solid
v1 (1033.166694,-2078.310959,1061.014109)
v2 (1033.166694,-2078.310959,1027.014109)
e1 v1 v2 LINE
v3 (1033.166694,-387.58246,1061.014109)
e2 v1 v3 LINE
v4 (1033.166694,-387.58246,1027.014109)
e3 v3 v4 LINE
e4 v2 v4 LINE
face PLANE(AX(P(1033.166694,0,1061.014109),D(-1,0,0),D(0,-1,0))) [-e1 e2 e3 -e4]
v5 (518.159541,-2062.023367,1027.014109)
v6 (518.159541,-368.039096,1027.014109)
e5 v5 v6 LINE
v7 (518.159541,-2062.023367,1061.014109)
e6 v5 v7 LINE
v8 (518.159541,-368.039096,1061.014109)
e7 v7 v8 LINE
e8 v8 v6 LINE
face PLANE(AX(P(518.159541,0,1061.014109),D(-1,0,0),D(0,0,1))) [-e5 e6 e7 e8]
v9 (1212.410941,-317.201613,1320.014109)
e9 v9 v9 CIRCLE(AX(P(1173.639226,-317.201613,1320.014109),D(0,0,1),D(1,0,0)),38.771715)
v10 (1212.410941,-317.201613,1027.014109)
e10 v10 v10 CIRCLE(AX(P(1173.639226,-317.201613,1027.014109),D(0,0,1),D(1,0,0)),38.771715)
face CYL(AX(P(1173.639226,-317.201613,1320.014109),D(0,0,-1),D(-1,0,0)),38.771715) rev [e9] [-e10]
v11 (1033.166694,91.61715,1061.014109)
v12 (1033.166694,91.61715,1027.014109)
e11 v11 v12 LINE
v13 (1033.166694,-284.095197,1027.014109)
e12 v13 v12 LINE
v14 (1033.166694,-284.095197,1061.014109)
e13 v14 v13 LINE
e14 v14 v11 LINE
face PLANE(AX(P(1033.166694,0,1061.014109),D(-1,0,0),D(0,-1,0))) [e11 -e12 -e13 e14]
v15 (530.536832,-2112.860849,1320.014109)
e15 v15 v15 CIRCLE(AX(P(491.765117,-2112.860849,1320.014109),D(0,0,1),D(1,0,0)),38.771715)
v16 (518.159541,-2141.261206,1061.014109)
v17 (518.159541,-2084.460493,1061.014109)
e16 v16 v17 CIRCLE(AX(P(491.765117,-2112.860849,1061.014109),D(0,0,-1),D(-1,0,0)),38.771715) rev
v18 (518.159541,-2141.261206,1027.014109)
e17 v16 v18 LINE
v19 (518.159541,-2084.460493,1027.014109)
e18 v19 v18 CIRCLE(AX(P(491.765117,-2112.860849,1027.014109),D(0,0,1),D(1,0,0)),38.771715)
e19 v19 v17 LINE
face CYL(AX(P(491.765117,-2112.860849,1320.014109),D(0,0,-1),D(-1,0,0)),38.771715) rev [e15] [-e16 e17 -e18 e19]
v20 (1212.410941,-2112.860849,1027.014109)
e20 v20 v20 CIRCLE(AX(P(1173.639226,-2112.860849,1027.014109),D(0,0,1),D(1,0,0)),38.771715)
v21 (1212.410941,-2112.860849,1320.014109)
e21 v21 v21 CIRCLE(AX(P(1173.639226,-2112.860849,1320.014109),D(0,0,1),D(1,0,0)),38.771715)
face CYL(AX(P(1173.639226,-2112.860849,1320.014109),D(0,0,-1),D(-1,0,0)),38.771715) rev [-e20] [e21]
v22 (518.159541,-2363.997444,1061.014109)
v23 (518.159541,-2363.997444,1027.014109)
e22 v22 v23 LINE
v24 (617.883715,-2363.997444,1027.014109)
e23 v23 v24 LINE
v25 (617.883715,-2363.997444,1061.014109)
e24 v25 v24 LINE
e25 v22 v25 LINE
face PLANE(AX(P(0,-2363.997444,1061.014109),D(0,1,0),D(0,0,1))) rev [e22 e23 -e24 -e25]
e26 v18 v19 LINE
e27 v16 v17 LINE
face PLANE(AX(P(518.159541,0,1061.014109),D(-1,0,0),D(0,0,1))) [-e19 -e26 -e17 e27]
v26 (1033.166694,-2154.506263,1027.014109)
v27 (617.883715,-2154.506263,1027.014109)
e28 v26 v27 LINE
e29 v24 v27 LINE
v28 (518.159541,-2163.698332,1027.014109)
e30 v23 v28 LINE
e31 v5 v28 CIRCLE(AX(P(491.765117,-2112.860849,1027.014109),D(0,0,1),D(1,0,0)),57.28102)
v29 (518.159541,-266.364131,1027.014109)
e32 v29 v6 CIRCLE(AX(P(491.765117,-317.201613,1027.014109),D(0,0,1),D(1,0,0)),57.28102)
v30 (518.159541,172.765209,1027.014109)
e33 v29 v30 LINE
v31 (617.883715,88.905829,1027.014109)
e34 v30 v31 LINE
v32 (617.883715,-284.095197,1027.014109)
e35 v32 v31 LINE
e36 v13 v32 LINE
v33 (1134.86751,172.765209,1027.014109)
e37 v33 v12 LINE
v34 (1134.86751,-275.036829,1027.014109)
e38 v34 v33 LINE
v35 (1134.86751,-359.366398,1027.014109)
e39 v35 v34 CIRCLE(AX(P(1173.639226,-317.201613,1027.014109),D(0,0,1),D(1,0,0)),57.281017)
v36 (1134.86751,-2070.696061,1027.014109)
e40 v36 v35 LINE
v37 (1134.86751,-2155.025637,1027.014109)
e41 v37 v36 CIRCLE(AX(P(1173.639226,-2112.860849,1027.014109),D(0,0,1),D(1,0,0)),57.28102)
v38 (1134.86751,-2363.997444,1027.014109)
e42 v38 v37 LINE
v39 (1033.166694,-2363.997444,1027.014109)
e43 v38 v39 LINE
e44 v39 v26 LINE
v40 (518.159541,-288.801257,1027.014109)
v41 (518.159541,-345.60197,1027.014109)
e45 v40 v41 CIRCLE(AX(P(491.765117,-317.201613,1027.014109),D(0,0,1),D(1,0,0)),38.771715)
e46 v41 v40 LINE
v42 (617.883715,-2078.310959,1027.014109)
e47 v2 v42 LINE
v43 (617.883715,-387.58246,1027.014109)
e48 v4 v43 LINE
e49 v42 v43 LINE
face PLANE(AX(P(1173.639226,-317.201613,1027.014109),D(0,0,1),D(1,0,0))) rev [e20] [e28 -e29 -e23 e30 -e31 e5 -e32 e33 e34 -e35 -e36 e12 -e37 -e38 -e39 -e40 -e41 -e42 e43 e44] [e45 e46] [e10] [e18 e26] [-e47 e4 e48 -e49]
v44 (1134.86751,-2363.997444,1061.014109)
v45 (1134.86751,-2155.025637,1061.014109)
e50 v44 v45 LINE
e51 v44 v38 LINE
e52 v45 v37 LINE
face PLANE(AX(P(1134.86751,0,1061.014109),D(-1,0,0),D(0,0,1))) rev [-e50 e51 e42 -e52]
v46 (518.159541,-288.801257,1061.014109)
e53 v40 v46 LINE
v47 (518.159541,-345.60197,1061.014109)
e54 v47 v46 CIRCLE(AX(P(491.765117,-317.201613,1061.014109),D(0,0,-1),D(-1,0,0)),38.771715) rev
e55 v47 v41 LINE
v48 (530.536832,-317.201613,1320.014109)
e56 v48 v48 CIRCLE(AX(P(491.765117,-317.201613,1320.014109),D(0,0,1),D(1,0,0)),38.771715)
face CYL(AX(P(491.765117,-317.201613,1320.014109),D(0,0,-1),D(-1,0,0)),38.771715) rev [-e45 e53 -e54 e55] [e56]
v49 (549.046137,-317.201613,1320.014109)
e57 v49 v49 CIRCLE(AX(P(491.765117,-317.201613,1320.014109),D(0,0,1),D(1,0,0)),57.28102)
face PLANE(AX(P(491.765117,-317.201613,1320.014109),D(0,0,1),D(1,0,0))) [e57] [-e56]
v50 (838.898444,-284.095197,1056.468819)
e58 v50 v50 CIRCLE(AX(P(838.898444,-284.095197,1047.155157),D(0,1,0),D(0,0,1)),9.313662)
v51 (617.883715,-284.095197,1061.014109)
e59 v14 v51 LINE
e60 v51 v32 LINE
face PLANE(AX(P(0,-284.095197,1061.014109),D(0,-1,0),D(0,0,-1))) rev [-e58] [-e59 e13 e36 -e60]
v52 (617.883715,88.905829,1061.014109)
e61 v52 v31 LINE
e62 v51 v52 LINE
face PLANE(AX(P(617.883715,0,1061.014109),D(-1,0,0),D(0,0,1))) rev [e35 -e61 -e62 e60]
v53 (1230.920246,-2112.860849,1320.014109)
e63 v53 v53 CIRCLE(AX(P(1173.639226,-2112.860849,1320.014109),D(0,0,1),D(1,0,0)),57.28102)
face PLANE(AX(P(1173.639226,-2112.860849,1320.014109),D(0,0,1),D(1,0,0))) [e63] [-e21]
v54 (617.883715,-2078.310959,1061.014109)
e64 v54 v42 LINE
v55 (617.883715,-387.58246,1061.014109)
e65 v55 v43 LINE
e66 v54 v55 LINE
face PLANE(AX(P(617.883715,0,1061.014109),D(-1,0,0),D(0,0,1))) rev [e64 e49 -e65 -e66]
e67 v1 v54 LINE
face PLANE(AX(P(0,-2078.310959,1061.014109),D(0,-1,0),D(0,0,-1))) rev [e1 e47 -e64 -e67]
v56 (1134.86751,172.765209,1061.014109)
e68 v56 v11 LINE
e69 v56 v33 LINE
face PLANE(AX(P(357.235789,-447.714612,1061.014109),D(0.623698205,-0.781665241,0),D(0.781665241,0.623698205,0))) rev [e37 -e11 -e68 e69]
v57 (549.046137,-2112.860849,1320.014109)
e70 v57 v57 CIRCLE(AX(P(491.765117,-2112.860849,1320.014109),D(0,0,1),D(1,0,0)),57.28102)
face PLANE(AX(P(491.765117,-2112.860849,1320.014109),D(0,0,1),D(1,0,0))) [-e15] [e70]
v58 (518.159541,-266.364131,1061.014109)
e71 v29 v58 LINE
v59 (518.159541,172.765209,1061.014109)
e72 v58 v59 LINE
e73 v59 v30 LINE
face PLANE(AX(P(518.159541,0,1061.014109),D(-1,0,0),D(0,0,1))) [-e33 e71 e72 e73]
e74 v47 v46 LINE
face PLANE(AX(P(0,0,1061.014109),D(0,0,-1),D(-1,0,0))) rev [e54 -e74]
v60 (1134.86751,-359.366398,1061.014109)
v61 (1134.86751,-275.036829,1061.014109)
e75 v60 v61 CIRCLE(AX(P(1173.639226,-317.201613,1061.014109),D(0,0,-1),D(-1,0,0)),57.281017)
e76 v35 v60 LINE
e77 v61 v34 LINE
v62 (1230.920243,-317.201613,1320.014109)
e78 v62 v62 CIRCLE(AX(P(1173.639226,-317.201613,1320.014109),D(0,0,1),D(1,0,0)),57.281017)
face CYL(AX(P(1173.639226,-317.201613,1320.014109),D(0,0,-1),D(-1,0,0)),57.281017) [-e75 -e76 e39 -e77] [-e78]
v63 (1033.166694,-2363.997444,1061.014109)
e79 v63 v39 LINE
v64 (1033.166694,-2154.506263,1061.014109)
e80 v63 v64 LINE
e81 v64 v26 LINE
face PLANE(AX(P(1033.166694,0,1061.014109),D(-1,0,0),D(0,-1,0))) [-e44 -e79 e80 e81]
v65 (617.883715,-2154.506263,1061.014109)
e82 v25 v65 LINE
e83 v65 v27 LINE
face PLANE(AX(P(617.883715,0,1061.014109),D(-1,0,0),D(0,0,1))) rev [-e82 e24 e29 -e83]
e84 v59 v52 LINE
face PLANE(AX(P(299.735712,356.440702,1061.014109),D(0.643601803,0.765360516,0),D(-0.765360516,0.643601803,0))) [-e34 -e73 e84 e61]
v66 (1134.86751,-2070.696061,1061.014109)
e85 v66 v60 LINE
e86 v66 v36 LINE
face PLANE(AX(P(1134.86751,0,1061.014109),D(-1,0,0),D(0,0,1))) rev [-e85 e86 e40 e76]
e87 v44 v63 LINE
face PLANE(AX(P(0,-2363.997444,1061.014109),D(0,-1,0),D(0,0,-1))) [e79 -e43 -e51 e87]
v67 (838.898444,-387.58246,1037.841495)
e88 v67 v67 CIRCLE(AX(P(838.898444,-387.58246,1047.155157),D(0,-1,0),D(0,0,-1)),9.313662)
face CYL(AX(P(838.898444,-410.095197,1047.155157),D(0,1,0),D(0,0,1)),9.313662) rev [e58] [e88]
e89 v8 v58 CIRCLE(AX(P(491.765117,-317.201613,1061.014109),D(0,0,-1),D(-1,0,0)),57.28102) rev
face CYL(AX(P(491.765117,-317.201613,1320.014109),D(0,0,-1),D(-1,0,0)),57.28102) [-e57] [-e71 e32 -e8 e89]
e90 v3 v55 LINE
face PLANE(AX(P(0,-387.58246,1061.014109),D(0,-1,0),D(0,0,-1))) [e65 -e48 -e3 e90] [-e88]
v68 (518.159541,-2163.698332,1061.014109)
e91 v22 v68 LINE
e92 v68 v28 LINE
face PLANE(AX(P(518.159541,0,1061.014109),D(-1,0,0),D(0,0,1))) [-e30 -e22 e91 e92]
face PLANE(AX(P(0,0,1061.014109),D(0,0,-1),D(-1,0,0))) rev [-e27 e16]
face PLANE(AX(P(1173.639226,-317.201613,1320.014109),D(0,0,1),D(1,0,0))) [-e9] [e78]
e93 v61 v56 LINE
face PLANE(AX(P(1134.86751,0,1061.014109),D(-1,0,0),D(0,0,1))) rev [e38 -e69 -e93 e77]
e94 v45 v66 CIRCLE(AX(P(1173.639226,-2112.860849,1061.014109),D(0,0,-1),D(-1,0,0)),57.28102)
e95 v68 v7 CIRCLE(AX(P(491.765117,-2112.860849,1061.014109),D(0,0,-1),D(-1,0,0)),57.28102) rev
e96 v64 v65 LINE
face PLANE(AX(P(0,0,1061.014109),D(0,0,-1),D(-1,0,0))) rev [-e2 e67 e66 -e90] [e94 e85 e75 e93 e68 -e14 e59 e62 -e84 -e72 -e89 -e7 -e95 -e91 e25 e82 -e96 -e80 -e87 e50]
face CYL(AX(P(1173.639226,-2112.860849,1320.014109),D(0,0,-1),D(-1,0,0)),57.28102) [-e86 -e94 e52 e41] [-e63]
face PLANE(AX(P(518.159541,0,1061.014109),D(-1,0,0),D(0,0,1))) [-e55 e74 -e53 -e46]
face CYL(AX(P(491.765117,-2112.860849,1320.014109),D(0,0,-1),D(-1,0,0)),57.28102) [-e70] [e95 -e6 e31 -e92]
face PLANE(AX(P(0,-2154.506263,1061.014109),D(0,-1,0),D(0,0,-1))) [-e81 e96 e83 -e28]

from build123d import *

# Parameters (mm, degrees)
BOSS_EXTRUDE1_START   = 600
SKETCH1_R             = 57.281017464
SKETCH1_R_2           = 38.771715285
BOSS_EXTRUDE1_DEPTH   = 293
SKETCH1_R_3           = 57.28102
SKETCH1_R_4           = 38.771715
BOSS_EXTRUDE1_2_DEPTH = 293
BOSS_EXTRUDE1_3_DEPTH = 293
BOSS_EXTRUDE1_4_DEPTH = 293
SKETCH2_W             = 415.282978995
SKETCH2_H             = 1690.728499163
BOSS_EXTRUDE2_DEPTH   = 34
SKETCH6_R             = 9.313662058
CUT_EXTRUDE3_DEPTH    = 126


with BuildPart() as part:
    # Sketch1 → Boss-Extrude1 (new body)
    with BuildSketch(Plane.XY.offset(427.014108562).offset(BOSS_EXTRUDE1_START)):
        with Locations((1173.639225527, -317.201613393)):
            Circle(SKETCH1_R)
        with Locations((1173.639225527, -317.201613393)):
            Circle(SKETCH1_R_2, mode=Mode.SUBTRACT)
    extrude(amount=BOSS_EXTRUDE1_DEPTH)



with BuildPart() as body_2:
    # Sketch1 → Boss-Extrude1 2 (new body)
    with BuildSketch(Plane.XY.offset(427.014108562).offset(BOSS_EXTRUDE1_START)):
        with Locations((491.765116758, -317.201613393)):
            Circle(SKETCH1_R_3)
        with Locations((491.765116758, -317.201613393)):
            Circle(SKETCH1_R_4, mode=Mode.SUBTRACT)
    extrude(amount=BOSS_EXTRUDE1_2_DEPTH)


with BuildPart() as body_3:
    # Sketch1 → Boss-Extrude1 3 (new body)
    with BuildSketch(Plane.XY.offset(427.014108562).offset(BOSS_EXTRUDE1_START)):
        with Locations((491.765116758, -2112.860849235)):
            Circle(SKETCH1_R_3)
        with Locations((491.765116758, -2112.860849235)):
            Circle(SKETCH1_R_4, mode=Mode.SUBTRACT)
    extrude(amount=BOSS_EXTRUDE1_3_DEPTH)


with BuildPart() as body_4:
    # Sketch1 → Boss-Extrude1 4 (new body)
    with BuildSketch(Plane.XY.offset(427.014108562).offset(BOSS_EXTRUDE1_START)):
        with Locations((1173.639225527, -2112.860849235)):
            Circle(SKETCH1_R_3)
        with Locations((1173.639225527, -2112.860849235)):
            Circle(SKETCH1_R_4, mode=Mode.SUBTRACT)
    extrude(amount=BOSS_EXTRUDE1_4_DEPTH)


with BuildPart() as part_1:
    add(part.part)

    add(body_2.part)  # Boss-Extrude2 merges body 2

    add(body_3.part)  # Boss-Extrude2 merges body 3

    add(body_4.part)  # Boss-Extrude2 merges body 4
    # Sketch2 → Boss-Extrude2 (add)
    with BuildSketch(Plane(origin=(0, 0, 1027.014108562), x_dir=(-1, 0, 0), z_dir=(0, 0, -1))):
        Polygon((-1033.166693927, -2154.506262869), (-617.883714932, -2154.506262869), (-617.883714932, -2363.997444221), (-518.159541103, -2363.997444221), (-518.159541103, 172.765208514), (-617.883714932, 88.905828795), (-617.883714932, -284.095196719), (-1033.166693927, -284.095196719), (-1033.166693927, 91.617150216), (-1134.867510242, 172.765208514), (-1134.867510242, -2363.997444221), (-1033.166693927, -2363.997444221), align=None)
        with Locations((-825.52520443, -1232.946709341)):
            Rectangle(SKETCH2_W, SKETCH2_H, mode=Mode.SUBTRACT)
    extrude(amount=-BOSS_EXTRUDE2_DEPTH)

    # Sketch6 → Cut-Extrude3 (cut)
    with BuildSketch(Plane(origin=(0, -284.095196719, 0), x_dir=(1, 0, 0), z_dir=(0, 1, 0))):
        with Locations(Location((838.898443774, -1047.155157013, 0), (0, 0, 270))):
            Circle(SKETCH6_R)
    extrude(amount=-CUT_EXTRUDE3_DEPTH, mode=Mode.SUBTRACT)


solid = part_1.part
